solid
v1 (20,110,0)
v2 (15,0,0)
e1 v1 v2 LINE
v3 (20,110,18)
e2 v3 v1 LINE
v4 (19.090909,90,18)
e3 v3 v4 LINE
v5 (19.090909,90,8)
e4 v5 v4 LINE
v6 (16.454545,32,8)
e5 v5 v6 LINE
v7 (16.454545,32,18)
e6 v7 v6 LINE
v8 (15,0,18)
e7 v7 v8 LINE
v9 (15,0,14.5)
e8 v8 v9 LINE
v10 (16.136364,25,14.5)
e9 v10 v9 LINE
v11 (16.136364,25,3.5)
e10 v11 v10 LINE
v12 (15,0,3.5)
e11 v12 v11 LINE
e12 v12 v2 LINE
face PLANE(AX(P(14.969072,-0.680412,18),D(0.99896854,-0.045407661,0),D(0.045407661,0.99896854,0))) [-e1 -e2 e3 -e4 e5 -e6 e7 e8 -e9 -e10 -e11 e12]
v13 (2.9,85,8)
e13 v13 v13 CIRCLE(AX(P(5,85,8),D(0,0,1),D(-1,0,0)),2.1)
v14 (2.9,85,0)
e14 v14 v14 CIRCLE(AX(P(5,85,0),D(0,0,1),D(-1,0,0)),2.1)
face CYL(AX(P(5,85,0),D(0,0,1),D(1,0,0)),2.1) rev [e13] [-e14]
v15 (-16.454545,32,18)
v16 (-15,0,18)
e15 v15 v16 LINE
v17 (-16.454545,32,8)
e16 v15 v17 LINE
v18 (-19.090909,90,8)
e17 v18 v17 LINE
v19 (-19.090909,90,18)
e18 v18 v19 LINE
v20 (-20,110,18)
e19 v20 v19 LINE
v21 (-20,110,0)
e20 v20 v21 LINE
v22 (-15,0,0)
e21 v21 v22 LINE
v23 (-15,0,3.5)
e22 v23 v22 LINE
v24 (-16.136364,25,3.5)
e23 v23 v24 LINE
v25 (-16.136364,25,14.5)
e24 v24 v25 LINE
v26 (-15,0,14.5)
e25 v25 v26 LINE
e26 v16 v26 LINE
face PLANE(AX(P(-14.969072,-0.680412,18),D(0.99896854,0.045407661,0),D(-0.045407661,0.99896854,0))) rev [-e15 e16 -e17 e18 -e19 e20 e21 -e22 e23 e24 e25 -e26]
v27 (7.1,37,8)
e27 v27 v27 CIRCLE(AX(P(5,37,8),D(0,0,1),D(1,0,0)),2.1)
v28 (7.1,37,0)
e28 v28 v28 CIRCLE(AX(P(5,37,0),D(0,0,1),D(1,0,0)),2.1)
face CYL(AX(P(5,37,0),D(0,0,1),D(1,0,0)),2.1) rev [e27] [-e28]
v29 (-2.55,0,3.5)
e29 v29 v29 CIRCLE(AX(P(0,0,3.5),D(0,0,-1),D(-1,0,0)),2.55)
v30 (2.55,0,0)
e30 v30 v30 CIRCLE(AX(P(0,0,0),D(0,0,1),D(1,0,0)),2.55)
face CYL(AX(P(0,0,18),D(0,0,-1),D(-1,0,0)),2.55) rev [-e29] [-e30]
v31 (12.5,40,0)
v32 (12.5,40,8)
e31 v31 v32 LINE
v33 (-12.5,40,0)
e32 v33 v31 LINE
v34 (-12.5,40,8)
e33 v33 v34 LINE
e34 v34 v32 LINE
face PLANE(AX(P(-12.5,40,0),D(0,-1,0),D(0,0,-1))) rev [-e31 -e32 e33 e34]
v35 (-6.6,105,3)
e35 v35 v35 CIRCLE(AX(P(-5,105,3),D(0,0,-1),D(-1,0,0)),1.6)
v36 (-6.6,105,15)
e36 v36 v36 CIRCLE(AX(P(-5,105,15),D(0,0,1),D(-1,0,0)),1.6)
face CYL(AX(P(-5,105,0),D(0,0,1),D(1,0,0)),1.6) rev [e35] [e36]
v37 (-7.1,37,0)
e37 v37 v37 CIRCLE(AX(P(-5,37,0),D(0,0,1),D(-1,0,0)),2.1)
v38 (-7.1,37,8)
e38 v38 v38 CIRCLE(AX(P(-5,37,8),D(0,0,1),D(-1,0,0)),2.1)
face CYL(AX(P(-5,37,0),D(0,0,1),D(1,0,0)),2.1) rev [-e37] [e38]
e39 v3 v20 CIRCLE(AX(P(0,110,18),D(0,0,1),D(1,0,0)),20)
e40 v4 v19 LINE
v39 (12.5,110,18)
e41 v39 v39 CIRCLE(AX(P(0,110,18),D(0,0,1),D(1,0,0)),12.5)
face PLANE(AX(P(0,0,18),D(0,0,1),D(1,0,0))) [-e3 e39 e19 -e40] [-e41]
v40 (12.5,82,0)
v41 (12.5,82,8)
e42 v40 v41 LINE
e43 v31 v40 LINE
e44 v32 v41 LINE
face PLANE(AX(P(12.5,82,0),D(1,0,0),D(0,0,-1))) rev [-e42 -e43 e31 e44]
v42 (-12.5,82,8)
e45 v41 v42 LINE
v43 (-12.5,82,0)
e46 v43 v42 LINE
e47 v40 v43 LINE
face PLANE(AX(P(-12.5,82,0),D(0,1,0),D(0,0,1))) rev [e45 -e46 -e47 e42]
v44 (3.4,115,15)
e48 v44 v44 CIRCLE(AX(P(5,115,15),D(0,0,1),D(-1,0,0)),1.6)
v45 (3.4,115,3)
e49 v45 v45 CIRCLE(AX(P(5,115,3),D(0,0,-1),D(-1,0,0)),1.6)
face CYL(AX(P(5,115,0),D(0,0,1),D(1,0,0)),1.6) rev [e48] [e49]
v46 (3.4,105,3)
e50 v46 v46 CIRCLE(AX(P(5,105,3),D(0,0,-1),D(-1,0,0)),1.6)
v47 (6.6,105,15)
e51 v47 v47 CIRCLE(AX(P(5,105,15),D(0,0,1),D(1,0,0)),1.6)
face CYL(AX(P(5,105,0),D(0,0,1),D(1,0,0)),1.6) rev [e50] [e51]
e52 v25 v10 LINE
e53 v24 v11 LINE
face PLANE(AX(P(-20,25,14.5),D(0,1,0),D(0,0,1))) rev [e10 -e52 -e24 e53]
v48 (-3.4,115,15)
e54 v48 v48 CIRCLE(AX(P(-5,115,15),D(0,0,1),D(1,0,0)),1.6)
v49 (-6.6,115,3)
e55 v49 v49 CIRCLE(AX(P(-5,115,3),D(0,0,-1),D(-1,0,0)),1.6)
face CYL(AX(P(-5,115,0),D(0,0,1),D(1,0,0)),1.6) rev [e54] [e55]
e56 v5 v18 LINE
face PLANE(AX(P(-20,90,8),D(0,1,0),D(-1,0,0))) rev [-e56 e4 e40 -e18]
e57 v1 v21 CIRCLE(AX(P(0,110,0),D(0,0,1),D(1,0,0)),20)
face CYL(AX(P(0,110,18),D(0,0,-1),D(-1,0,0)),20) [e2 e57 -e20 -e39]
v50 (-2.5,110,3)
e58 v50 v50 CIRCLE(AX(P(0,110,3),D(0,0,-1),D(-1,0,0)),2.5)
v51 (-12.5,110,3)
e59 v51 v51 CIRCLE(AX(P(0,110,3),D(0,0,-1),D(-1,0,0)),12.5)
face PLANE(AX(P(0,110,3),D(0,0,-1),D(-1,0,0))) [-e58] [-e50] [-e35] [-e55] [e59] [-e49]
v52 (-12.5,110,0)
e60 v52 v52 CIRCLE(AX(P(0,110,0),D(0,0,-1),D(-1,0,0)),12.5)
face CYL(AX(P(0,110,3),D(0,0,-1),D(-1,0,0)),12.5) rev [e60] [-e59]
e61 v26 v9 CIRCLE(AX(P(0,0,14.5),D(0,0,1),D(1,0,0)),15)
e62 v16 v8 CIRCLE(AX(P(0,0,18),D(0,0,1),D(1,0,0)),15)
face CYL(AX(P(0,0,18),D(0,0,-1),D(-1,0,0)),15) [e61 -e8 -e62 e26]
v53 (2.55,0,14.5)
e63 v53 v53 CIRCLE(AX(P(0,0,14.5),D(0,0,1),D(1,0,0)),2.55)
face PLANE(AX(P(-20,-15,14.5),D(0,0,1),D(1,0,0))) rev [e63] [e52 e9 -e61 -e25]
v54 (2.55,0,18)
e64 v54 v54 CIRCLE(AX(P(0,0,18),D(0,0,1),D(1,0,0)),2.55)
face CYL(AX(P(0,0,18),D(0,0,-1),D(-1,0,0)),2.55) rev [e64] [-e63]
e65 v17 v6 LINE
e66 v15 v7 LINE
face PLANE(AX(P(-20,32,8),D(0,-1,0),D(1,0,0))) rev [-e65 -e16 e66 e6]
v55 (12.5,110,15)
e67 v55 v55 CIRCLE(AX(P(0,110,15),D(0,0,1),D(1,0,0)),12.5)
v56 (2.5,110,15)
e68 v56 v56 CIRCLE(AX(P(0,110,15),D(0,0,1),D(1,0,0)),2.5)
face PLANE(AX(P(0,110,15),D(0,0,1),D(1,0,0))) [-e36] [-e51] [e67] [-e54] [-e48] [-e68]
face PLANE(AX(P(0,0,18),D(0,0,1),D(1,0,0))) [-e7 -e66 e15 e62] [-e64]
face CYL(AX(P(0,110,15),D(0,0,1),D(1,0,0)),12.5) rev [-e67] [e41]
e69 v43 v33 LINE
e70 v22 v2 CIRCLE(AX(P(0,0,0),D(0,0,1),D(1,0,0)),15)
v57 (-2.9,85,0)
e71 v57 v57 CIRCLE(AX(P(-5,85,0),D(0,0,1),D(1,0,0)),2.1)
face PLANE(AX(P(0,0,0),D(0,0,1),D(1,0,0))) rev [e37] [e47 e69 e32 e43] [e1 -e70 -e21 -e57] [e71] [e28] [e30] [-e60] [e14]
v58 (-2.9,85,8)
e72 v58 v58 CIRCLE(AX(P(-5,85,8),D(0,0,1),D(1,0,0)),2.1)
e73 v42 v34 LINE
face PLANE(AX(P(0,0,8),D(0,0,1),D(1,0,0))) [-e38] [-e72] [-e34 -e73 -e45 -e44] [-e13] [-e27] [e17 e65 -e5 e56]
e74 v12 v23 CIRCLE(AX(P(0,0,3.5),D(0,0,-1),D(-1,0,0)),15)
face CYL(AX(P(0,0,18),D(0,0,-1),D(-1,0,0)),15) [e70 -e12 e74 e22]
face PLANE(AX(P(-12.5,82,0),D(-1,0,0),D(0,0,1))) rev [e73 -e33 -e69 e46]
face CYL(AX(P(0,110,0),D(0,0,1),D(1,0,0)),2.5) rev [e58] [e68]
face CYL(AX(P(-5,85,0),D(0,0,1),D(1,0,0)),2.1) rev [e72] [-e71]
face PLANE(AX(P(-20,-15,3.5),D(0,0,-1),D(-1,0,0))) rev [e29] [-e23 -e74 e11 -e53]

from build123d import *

# Parameters (mm, degrees)
SKETCH1_R               = 2.55
BOSS_EXTRUDE1_DEPTH     = 18
SKETCH2_R               = 12.5
CUT_EXTRUDE1_DEPTH      = 3
SKETCH3_R               = 12.5
CUT_EXTRUDE2_DEPTH      = 3
SKETCH4_R               = 2.5
SKETCH4_R_2             = 1.6
CUT_EXTRUDE3_DEPTH      = 16
SKETCH5_W               = 11
SKETCH5_H               = 40
CUT_EXTRUDE4_DEPTH      = 21
CUT_EXTRUDE4_DEPTH_BACK = 21
SKETCH7_W               = 40
SKETCH7_H               = 58
CUT_EXTRUDE5_DEPTH      = 10
SKETCH8_R               = 2.1
SKETCH8_W               = 25
SKETCH8_H               = 42
CUT_EXTRUDE6_DEPTH      = 9


with BuildPart() as part:
    # Sketch1 → Boss-Extrude1 (new body)
    with BuildSketch(Plane.XY):
        with BuildLine():
            ThreePointArc((20, 110), (0, 130), (-20, 110))
            Line((-20, 110), (-15, 0))
            ThreePointArc((-15, 0), (0, -15), (15, 0))
            Line((15, 0), (20, 110))
        make_face()
        Circle(SKETCH1_R, mode=Mode.SUBTRACT)
    extrude(amount=BOSS_EXTRUDE1_DEPTH)

    # Sketch2 → Cut-Extrude1 (cut)
    with BuildSketch(Plane.XY.offset(18)):
        with Locations((0, 110)):
            Circle(SKETCH2_R)
    extrude(amount=-CUT_EXTRUDE1_DEPTH, mode=Mode.SUBTRACT)

    # Sketch3 → Cut-Extrude2 (cut)
    with BuildSketch(Plane(origin=(0, 0, 0), x_dir=(-1, 0, 0), z_dir=(0, 0, -1))):
        with Locations((0, 110)):
            Circle(SKETCH3_R)
    extrude(amount=-CUT_EXTRUDE2_DEPTH, mode=Mode.SUBTRACT)

    # Sketch4 → Cut-Extrude3 (cut, through all)
    with BuildSketch(Plane.XY.offset(15)):
        with Locations((0, 110)):
            Circle(SKETCH4_R)
        with Locations((-5, 115)):
            Circle(SKETCH4_R_2)
        with Locations((-5, 105)):
            Circle(SKETCH4_R_2)
        with Locations((5, 105)):
            Circle(SKETCH4_R_2)
        with Locations((5, 115)):
            Circle(SKETCH4_R_2)
    extrude(amount=-CUT_EXTRUDE3_DEPTH, mode=Mode.SUBTRACT)

    # Sketch5 → Cut-Extrude4 (cut, two sides)
    with BuildSketch(Plane(origin=(0, 0, 0), x_dir=(0, 0, -1), z_dir=(1, 0, 0))) as cut_extrude4_sk:
        with Locations((-9, 5)):
            Rectangle(SKETCH5_W, SKETCH5_H)
    extrude(amount=CUT_EXTRUDE4_DEPTH, mode=Mode.SUBTRACT)
    extrude(cut_extrude4_sk.sketch, amount=-CUT_EXTRUDE4_DEPTH_BACK, mode=Mode.SUBTRACT)

    # Sketch7 → Cut-Extrude5 (cut)
    with BuildSketch(Plane.XY.offset(18)):
        with Locations((0, 61)):
            Rectangle(SKETCH7_W, SKETCH7_H)
    extrude(amount=-CUT_EXTRUDE5_DEPTH, mode=Mode.SUBTRACT)

    # Sketch8 → Cut-Extrude6 (cut, through all)
    with BuildSketch(Plane.XY.offset(8)):
        with Locations((-5, 85)):
            Circle(SKETCH8_R)
        with Locations((5, 85)):
            Circle(SKETCH8_R)
        with Locations((5, 37)):
            Circle(SKETCH8_R)
        with Locations((-5, 37)):
            Circle(SKETCH8_R)
        with Locations((0, 61)):
            Rectangle(SKETCH8_W, SKETCH8_H)
    extrude(amount=-CUT_EXTRUDE6_DEPTH, mode=Mode.SUBTRACT)


solid = part.part
